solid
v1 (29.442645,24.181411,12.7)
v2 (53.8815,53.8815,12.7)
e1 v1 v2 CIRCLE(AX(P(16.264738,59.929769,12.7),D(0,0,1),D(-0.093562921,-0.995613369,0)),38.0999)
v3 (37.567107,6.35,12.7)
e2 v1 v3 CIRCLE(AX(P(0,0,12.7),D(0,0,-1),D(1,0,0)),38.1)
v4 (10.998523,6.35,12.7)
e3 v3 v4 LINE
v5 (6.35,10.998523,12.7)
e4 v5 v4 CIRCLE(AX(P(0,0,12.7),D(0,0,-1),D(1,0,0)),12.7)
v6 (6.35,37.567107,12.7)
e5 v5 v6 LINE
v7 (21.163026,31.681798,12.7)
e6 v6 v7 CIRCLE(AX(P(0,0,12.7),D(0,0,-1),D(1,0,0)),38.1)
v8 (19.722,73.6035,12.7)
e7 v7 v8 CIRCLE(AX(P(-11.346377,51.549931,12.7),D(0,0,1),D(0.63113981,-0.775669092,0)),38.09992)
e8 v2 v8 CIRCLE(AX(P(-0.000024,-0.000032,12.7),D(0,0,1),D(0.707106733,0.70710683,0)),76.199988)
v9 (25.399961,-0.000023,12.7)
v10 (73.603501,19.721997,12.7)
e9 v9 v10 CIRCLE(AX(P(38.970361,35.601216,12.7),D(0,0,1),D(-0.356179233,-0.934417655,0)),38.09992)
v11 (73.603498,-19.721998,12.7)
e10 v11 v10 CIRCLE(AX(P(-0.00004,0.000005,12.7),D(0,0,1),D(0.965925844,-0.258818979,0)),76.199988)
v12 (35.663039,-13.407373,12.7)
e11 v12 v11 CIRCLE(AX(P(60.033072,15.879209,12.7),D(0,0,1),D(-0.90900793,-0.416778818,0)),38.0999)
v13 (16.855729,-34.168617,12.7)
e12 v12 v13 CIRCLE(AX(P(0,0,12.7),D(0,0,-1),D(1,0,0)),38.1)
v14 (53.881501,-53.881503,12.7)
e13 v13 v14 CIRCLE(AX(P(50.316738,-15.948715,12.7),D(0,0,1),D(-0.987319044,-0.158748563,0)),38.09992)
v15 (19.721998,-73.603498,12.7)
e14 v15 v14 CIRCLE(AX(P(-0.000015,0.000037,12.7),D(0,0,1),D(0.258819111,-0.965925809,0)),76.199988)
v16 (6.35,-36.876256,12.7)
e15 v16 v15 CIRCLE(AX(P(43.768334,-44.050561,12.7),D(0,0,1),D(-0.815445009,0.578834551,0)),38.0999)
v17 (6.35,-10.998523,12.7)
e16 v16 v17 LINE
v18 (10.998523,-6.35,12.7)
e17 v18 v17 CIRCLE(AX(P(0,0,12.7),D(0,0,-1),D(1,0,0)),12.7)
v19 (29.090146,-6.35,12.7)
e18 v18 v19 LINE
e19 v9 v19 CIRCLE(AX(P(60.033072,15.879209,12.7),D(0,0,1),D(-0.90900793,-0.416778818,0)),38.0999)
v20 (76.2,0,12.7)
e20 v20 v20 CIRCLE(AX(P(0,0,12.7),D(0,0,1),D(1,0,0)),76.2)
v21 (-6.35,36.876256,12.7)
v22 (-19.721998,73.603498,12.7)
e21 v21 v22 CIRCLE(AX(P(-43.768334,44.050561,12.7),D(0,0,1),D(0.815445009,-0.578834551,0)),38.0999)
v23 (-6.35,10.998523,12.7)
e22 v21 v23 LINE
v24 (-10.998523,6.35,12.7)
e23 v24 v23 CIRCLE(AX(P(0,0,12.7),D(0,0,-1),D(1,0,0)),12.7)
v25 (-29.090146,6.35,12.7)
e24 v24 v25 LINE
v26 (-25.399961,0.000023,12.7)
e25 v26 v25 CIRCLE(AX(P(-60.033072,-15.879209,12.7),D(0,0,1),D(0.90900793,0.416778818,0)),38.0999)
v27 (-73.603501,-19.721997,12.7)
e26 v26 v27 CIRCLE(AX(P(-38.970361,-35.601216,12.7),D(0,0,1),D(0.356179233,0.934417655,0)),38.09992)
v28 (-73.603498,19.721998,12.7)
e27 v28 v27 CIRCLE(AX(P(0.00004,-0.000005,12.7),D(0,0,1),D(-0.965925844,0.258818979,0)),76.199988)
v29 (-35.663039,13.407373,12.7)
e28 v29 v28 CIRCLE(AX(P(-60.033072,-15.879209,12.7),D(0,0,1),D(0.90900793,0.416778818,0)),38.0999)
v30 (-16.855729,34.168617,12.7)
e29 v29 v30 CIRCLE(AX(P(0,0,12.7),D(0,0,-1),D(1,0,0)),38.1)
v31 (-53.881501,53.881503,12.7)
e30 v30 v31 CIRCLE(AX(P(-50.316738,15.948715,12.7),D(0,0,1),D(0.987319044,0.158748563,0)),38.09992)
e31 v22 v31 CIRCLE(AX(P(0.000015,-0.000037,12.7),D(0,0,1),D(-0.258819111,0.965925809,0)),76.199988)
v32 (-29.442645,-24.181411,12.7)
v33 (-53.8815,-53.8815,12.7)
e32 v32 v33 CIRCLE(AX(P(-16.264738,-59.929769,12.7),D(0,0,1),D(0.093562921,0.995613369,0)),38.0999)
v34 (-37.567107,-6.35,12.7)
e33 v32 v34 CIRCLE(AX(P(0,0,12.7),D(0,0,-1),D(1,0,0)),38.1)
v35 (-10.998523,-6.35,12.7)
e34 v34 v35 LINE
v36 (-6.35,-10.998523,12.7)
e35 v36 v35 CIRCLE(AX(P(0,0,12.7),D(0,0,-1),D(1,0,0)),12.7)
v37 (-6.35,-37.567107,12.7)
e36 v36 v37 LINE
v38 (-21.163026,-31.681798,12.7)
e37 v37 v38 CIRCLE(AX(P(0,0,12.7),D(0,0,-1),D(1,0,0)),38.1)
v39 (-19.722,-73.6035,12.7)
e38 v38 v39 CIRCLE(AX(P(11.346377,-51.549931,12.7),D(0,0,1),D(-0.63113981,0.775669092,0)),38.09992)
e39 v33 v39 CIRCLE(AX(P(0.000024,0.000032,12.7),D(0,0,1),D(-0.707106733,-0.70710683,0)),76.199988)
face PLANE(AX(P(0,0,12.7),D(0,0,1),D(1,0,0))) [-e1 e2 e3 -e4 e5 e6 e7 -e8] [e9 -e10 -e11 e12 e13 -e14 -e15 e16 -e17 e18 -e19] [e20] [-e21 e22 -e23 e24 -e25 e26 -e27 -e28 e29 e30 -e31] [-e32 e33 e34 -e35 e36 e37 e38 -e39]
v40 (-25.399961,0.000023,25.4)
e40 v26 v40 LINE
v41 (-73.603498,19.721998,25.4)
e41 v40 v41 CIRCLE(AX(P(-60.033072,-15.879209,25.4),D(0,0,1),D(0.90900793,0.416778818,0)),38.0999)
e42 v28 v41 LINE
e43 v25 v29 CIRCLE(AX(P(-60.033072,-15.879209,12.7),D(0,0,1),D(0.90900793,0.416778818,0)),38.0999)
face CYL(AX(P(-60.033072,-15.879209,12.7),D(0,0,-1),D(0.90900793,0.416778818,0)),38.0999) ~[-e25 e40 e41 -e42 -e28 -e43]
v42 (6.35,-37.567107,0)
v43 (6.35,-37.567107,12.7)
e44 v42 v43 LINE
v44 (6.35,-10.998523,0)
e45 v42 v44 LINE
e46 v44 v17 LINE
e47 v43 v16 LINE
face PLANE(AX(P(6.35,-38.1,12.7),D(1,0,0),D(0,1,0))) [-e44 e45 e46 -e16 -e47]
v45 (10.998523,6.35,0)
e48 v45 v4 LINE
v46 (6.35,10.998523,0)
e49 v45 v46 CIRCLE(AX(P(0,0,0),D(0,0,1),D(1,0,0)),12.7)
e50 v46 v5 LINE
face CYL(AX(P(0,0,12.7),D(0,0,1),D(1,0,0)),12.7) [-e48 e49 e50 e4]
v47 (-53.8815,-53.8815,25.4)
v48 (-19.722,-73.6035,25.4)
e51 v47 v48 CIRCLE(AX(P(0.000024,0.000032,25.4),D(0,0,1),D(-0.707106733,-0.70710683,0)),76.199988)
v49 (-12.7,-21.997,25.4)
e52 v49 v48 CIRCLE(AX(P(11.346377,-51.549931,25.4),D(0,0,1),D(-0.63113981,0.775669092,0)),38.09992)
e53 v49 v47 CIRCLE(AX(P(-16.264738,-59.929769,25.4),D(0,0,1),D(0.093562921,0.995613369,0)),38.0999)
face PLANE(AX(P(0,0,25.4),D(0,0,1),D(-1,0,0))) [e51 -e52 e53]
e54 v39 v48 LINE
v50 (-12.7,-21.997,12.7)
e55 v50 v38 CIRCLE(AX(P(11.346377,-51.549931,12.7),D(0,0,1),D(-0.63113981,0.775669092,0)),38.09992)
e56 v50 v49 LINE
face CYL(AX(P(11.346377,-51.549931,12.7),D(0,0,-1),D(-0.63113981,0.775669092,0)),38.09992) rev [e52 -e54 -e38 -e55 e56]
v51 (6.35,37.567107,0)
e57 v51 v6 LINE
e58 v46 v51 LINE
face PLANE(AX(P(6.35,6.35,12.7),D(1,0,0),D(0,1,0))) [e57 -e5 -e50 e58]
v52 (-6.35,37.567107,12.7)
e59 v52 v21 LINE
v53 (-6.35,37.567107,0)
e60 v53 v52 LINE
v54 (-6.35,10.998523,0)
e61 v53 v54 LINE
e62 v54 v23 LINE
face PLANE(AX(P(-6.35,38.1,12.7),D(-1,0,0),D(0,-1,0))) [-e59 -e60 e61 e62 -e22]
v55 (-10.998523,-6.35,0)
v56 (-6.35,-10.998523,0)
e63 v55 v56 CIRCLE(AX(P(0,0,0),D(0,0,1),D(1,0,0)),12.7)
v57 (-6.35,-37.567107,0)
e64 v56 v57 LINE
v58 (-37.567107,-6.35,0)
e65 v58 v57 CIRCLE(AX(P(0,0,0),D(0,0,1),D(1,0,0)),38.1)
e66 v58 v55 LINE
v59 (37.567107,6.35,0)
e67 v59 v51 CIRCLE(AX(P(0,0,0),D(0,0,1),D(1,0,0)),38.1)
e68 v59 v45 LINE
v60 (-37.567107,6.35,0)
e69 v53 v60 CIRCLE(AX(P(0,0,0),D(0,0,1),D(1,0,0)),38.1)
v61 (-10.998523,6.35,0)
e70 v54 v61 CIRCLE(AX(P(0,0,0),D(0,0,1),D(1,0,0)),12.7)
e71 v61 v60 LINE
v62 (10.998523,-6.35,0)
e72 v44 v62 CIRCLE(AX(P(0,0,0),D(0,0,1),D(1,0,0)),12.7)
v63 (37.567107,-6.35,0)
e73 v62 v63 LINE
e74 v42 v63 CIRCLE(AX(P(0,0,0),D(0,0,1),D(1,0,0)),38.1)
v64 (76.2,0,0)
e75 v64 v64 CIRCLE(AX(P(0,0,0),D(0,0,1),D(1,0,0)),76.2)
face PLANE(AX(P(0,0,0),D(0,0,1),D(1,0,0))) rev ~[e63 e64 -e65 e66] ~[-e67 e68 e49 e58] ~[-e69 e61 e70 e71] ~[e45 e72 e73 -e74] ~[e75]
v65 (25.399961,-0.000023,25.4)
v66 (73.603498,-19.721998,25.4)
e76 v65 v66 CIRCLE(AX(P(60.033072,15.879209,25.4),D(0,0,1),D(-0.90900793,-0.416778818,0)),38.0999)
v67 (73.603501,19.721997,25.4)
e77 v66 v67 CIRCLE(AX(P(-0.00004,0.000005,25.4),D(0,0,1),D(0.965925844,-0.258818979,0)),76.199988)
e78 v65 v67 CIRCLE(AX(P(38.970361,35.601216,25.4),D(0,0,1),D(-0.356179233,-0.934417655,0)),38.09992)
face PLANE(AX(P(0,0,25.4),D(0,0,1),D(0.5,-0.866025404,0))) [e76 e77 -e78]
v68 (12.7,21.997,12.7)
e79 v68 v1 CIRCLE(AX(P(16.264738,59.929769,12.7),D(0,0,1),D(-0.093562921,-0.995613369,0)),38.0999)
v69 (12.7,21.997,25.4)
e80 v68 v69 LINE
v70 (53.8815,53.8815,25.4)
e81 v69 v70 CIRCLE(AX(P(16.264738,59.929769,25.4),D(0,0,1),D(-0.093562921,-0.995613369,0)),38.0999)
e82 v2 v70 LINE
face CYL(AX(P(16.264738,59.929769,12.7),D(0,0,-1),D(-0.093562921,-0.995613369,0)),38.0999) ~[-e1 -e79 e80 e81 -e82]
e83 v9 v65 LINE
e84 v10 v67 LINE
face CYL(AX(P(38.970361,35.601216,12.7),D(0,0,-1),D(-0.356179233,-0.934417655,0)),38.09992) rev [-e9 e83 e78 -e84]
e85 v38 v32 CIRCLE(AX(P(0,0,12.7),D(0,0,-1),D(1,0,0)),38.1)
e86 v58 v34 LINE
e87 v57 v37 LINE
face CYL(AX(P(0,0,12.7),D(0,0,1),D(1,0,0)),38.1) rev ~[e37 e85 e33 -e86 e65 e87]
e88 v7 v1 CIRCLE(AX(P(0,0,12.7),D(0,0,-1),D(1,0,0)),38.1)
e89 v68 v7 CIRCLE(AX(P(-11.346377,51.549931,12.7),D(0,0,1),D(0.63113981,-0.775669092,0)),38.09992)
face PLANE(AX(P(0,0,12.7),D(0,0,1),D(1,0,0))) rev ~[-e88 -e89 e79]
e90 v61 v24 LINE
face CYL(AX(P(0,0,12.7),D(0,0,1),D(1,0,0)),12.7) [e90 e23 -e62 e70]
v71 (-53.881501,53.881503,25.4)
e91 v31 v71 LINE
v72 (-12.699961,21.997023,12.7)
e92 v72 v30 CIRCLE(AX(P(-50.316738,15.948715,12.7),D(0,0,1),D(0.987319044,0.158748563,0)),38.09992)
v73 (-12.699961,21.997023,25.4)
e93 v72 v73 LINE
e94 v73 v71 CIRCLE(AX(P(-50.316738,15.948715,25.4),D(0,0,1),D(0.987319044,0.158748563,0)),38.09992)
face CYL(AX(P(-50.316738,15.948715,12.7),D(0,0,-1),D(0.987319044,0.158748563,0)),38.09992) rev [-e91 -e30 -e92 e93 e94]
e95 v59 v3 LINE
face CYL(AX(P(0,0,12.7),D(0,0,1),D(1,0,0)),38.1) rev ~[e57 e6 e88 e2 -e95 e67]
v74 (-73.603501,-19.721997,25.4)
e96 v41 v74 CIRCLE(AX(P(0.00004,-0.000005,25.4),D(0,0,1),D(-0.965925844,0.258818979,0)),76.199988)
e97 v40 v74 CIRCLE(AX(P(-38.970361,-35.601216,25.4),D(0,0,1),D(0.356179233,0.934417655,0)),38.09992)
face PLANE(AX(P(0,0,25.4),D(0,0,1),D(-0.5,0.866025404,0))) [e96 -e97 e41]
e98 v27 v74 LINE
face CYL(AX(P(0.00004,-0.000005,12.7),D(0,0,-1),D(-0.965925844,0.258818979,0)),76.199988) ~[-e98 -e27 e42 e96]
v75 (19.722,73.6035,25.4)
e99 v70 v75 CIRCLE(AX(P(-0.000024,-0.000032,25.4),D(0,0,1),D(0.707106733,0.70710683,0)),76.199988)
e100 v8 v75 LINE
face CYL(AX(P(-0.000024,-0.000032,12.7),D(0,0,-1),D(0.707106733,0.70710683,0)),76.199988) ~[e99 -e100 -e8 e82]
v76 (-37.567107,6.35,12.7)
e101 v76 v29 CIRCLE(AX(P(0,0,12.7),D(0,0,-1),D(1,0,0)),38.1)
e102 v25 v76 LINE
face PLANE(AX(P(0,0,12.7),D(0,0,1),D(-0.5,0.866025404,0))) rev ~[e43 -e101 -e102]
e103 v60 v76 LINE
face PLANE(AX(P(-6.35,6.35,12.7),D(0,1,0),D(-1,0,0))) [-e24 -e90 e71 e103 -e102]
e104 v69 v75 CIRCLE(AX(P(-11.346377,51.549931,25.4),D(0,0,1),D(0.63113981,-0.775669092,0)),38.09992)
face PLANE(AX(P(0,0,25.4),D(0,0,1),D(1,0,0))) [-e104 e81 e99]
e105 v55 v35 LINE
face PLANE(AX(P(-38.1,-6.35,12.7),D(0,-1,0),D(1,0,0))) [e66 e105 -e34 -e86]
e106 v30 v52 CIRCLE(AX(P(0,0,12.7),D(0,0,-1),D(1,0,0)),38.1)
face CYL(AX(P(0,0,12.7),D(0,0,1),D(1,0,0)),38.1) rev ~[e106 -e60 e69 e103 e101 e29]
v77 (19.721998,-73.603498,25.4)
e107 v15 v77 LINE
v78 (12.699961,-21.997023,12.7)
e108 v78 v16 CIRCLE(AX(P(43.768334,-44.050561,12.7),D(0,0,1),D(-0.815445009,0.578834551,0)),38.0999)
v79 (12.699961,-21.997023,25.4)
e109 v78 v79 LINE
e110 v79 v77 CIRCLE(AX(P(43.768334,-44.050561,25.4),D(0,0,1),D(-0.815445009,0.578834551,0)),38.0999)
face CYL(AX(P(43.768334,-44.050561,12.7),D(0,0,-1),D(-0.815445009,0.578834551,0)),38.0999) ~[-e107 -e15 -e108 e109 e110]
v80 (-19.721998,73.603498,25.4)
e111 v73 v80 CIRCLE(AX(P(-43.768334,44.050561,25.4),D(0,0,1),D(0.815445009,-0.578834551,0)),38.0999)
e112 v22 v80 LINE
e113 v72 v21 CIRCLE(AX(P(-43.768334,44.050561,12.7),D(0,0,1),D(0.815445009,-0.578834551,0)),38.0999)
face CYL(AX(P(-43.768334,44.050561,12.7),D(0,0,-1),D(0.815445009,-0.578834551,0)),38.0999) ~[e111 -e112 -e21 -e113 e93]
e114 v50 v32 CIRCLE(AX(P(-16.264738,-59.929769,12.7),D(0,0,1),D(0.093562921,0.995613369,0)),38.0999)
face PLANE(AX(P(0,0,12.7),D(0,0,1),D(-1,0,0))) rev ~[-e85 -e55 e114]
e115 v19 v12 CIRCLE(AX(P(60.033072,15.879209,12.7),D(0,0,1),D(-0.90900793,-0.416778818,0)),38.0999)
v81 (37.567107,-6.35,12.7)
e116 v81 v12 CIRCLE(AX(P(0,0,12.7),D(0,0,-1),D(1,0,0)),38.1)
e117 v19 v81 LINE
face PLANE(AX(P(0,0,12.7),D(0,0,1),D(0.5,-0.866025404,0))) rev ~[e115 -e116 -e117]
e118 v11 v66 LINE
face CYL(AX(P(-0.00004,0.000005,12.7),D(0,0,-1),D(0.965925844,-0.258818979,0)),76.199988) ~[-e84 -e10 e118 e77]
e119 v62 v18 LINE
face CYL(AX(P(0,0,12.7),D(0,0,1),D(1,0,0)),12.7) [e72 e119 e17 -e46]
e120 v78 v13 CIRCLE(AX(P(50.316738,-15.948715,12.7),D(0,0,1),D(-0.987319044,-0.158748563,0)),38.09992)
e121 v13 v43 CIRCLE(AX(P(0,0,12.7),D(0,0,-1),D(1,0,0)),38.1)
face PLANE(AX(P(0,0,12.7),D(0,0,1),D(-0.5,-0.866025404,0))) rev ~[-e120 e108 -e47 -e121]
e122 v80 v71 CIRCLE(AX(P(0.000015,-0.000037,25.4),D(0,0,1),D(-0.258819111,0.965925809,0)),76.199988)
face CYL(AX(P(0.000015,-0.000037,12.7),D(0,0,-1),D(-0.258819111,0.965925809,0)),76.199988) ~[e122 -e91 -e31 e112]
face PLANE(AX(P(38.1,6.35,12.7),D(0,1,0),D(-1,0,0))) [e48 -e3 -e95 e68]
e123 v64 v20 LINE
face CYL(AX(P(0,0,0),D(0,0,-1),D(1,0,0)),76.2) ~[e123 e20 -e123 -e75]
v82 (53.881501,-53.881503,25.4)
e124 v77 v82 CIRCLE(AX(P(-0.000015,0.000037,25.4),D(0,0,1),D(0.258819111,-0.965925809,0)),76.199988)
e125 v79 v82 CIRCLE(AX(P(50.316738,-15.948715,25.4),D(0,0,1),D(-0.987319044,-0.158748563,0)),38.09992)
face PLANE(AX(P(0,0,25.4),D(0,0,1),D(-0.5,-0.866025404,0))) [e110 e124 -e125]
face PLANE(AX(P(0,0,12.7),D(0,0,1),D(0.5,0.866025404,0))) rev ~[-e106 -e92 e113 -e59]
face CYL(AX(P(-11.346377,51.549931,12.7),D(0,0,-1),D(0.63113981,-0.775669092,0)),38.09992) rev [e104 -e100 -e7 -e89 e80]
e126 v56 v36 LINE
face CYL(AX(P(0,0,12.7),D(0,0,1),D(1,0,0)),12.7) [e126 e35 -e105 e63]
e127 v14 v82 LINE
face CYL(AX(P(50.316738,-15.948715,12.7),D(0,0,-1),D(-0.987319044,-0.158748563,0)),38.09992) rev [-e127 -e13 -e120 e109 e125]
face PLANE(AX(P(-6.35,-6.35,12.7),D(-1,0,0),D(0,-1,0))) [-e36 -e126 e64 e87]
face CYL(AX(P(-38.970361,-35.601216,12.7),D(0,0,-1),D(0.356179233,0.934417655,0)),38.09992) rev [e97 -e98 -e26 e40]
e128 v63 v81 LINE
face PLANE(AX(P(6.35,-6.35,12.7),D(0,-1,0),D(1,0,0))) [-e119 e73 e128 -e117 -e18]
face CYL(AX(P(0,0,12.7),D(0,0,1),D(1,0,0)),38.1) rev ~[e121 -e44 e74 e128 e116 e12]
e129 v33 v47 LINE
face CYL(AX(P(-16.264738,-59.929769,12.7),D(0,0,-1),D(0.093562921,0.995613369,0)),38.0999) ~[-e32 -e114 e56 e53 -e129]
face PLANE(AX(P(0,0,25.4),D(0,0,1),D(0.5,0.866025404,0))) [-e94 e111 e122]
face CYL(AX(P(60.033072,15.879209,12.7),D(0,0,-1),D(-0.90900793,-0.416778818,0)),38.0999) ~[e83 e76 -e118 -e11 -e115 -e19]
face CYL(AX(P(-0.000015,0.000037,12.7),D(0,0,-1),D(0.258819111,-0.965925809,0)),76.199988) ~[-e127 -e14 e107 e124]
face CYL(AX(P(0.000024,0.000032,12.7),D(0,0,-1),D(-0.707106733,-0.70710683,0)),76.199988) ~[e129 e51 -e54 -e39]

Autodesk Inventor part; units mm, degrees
ref_plane "YZ Plane" through (0, 0, 0) normal (1, 0, 0) x (0, 1, 0)
ref_plane "XZ Plane" through (0, 0, 0) normal (0, 1, 0) x (-1, 0, 0)
ref_plane "XY Plane" through (0, 0, 0) normal (0, 0, 1) x (1, 0, 0)
sketch "Sketch1" plane through (0, 0, 0) normal (0, 0, 1) x (1, 0, 0)
  circle A0 centre (0, 0) radius 76.2
  dimension "d0" = 152.4
extrude "Extrusion1" add sketch "Sketch1" along normal blind 12.7
sketch "Sketch4" plane through (0, 0, 12.7) normal (0, 0, 1) x (1, 0, 0)
  circle A0 centre (0, 0) radius 38.1
  line L0 (-38.1, 0) -> (38.1, 0) construction
  line L1 (-38.1, -6.35) -> (38.1, -6.35)
  line L2 (38.1, 6.35) -> (-38.1, 6.35)
  arc A1 (-38.1, 6.35) -> (-38.1, -6.35) centre (-38.1, 0) ccw
  arc A2 (38.1, -6.35) -> (38.1, 6.35) centre (38.1, 0) ccw
  line L3 (0, 38.1) -> (0, -38.1) construction
  line L4 (-6.35, 38.1) -> (-6.35, -38.1)
  line L5 (6.35, -38.1) -> (6.35, 38.1)
  arc A3 (6.35, 38.1) -> (-6.35, 38.1) centre (0, 38.1) ccw
  arc A4 (-6.35, -38.1) -> (6.35, -38.1) centre (0, -38.1) ccw
  circle A5 centre (0, 0) radius 12.7
  dimension "d17" = 76.2
  dimension "d18" = 12.7
  dimension "d19" = 12.7
  dimension "d20" = 25.4
extrude "Extrusion2" cut sketch "Sketch4" against normal blind 12.7 contours A0 L1 A5 L2 | L2 A5 L5 A0 | A0 L5 A5 L1 | L5 A5 L4 A0 | A0 L4 A5 L5 | L4 A5 L2 A0 | A0 L1 A5 L4 | L2 A5 L1 A0
sketch "Sketch5" plane through (0, 0, 12.7) normal (0, 0, 1) x (1, 0, 0)
  line L0 (-38.1, 0) -> (38.1, 0) construction
  line L1 (-38.1, -6.35) -> (38.1, -6.35)
  line L2 (38.1, 6.35) -> (-38.1, 6.35)
  arc A0 (-38.1, 6.35) -> (-38.1, -6.35) centre (-38.1, 0) ccw
  arc A1 (38.1, -6.35) -> (38.1, 6.35) centre (38.1, 0) ccw
  line L3 (0, -38.1) -> (0, 38.1) construction
  line L4 (6.35, -38.1) -> (6.35, 38.1)
  line L5 (-6.35, 38.1) -> (-6.35, -38.1)
  arc A2 (-6.35, -38.1) -> (6.35, -38.1) centre (0, -38.1) ccw
  arc A3 (6.35, 38.1) -> (-6.35, 38.1) centre (0, 38.1) ccw
  line L6 (0, 0) -> (76.2, 0) construction
  dimension "d23" = 38.1
  dimension "d24" = 12.7
  dimension "d25" = 38.1
  dimension "d26" = 90
  dimension "d27" = 12.7
extrude "Extrusion3" add sketch "Sketch5" against normal blind 12.7
sketch "Sketch6" plane through (0, 0, 12.7) normal (0, 0, 1) x (1, 0, 0)
  line L0 (-82.4889, 47.625) -> (-67.3519, 67.3519) construction
  line L1 (-67.3519, 67.3519) -> (-47.625, 82.4889) construction
  line L2 (-47.625, 82.4889) -> (-24.6525, 92.0044) construction
  line L3 (-24.6525, 92.0044) -> (0, 95.25) construction
  line L4 (0, 95.25) -> (24.6525, 92.0044) construction
  line L5 (24.6525, 92.0044) -> (47.625, 82.4889) construction
  line L6 (47.625, 82.4889) -> (67.3519, 67.3519) construction
  line L7 (67.3519, 67.3519) -> (82.4889, 47.625) construction
  line L8 (82.4889, 47.625) -> (92.0044, 24.6525) construction
  line L9 (92.0044, 24.6525) -> (95.25, 0) construction
  line L10 (95.25, 0) -> (92.0044, -24.6525) construction
  line L11 (92.0044, -24.6525) -> (82.4889, -47.625) construction
  line L12 (82.4889, -47.625) -> (67.3519, -67.3519) construction
  line L13 (67.3519, -67.3519) -> (47.625, -82.4889) construction
  line L14 (47.625, -82.4889) -> (24.6525, -92.0044) construction
  line L15 (24.6525, -92.0044) -> (0, -95.25) construction
  line L16 (0, -95.25) -> (-24.6525, -92.0044) construction
  line L17 (-24.6525, -92.0044) -> (-47.625, -82.4889) construction
  line L18 (-47.625, -82.4889) -> (-67.3519, -67.3519) construction
  line L19 (-67.3519, -67.3519) -> (-82.4889, -47.625) construction
  line L20 (-82.4889, -47.625) -> (-92.0044, -24.6525) construction
  line L21 (-92.0044, -24.6525) -> (-95.25, 0) construction
  line L22 (-95.25, 0) -> (-92.0044, 24.6525) construction
  line L23 (-92.0044, 24.6525) -> (-82.4889, 47.625) construction
  arc A0 (53.8815, 53.8815) -> (19.722, 73.6035) centre (0, 0) ccw
  arc A1 (-6.35, 10.9985) -> (-10.9985, 6.35) centre (0, 0) ccw construction
  line L24 (-10.9985, 6.35) -> (-37.5671, 6.35) construction
  arc A2 (-6.35, 37.5671) -> (-37.5671, 6.35) centre (0, 0) ccw construction
  line L25 (-6.35, 37.5671) -> (-6.35, 10.9985) construction
  arc A3 (-10.9985, -6.35) -> (-6.35, -10.9985) centre (0, 0) ccw construction
  line L26 (-6.35, -10.9985) -> (-6.35, -37.5671) construction
  arc A4 (-37.5671, -6.35) -> (-6.35, -37.5671) centre (0, 0) ccw construction
  line L27 (-37.5671, -6.35) -> (-10.9985, -6.35) construction
  line L28 (6.35, 10.9985) -> (6.35, 37.5671) construction
  arc A5 (37.5671, 6.35) -> (6.35, 37.5671) centre (0, 0) ccw construction
  line L29 (37.5671, 6.35) -> (10.9985, 6.35) construction
  arc A6 (10.9985, 6.35) -> (6.35, 10.9985) centre (0, 0) ccw construction
  circle A7 centre (0, 0) radius 76.2 construction
  line L30 (10.9985, -6.35) -> (37.5671, -6.35) construction
  arc A8 (6.35, -37.5671) -> (37.5671, -6.35) centre (0, 0) ccw construction
  line L31 (6.35, -37.5671) -> (6.35, -10.9985) construction
  arc A9 (6.35, -10.9985) -> (10.9985, -6.35) centre (0, 0) ccw construction
  line L32 (19.722, 73.6035) -> (53.8815, 53.8815) construction
  line L33 (53.8815, 53.8815) -> (73.6035, 19.722) construction
  line L34 (73.6035, 19.722) -> (73.6035, -19.722) construction
  line L35 (73.6035, -19.722) -> (53.8815, -53.8815) construction
  line L36 (53.8815, -53.8815) -> (19.722, -73.6035) construction
  line L37 (19.722, -73.6035) -> (-19.722, -73.6035) construction
  line L38 (-19.722, -73.6035) -> (-53.8815, -53.8815) construction
  line L39 (-53.8815, -53.8815) -> (-73.6035, -19.722) construction
  line L40 (-73.6035, -19.722) -> (-73.6035, 19.722) construction
  line L41 (-73.6035, 19.722) -> (-53.8815, 53.8815) construction
  line L42 (-53.8815, 53.8815) -> (-19.722, 73.6035) construction
  line L43 (-19.722, 73.6035) -> (19.722, 73.6035) construction
  circle A10 centre (0, 0) radius 25.4 construction
  arc A11 (12.7, 21.997) -> (53.8815, 53.8815) centre (16.2647, 59.9299) ccw
  arc A12 (12.7, 21.997) -> (19.722, 73.6035) centre (-11.3465, 51.55) ccw
  line L44 (12.7, 21.997) -> (47.625, 82.4889) construction
  dimension "d35" = 50.8
  dimension "d30" = 190.5
  dimension "d45" = 38.1
  dimension "d46" = 38.1
extrude "Extrusion4" add sketch "Sketch6" along normal blind 12.7
pattern_circular "Circular Pattern1" count 6 over 360 about axis through (0, 0, 0) along (0, 0, 1) of "Extrusion4"
properties part number "Impeller 1"
